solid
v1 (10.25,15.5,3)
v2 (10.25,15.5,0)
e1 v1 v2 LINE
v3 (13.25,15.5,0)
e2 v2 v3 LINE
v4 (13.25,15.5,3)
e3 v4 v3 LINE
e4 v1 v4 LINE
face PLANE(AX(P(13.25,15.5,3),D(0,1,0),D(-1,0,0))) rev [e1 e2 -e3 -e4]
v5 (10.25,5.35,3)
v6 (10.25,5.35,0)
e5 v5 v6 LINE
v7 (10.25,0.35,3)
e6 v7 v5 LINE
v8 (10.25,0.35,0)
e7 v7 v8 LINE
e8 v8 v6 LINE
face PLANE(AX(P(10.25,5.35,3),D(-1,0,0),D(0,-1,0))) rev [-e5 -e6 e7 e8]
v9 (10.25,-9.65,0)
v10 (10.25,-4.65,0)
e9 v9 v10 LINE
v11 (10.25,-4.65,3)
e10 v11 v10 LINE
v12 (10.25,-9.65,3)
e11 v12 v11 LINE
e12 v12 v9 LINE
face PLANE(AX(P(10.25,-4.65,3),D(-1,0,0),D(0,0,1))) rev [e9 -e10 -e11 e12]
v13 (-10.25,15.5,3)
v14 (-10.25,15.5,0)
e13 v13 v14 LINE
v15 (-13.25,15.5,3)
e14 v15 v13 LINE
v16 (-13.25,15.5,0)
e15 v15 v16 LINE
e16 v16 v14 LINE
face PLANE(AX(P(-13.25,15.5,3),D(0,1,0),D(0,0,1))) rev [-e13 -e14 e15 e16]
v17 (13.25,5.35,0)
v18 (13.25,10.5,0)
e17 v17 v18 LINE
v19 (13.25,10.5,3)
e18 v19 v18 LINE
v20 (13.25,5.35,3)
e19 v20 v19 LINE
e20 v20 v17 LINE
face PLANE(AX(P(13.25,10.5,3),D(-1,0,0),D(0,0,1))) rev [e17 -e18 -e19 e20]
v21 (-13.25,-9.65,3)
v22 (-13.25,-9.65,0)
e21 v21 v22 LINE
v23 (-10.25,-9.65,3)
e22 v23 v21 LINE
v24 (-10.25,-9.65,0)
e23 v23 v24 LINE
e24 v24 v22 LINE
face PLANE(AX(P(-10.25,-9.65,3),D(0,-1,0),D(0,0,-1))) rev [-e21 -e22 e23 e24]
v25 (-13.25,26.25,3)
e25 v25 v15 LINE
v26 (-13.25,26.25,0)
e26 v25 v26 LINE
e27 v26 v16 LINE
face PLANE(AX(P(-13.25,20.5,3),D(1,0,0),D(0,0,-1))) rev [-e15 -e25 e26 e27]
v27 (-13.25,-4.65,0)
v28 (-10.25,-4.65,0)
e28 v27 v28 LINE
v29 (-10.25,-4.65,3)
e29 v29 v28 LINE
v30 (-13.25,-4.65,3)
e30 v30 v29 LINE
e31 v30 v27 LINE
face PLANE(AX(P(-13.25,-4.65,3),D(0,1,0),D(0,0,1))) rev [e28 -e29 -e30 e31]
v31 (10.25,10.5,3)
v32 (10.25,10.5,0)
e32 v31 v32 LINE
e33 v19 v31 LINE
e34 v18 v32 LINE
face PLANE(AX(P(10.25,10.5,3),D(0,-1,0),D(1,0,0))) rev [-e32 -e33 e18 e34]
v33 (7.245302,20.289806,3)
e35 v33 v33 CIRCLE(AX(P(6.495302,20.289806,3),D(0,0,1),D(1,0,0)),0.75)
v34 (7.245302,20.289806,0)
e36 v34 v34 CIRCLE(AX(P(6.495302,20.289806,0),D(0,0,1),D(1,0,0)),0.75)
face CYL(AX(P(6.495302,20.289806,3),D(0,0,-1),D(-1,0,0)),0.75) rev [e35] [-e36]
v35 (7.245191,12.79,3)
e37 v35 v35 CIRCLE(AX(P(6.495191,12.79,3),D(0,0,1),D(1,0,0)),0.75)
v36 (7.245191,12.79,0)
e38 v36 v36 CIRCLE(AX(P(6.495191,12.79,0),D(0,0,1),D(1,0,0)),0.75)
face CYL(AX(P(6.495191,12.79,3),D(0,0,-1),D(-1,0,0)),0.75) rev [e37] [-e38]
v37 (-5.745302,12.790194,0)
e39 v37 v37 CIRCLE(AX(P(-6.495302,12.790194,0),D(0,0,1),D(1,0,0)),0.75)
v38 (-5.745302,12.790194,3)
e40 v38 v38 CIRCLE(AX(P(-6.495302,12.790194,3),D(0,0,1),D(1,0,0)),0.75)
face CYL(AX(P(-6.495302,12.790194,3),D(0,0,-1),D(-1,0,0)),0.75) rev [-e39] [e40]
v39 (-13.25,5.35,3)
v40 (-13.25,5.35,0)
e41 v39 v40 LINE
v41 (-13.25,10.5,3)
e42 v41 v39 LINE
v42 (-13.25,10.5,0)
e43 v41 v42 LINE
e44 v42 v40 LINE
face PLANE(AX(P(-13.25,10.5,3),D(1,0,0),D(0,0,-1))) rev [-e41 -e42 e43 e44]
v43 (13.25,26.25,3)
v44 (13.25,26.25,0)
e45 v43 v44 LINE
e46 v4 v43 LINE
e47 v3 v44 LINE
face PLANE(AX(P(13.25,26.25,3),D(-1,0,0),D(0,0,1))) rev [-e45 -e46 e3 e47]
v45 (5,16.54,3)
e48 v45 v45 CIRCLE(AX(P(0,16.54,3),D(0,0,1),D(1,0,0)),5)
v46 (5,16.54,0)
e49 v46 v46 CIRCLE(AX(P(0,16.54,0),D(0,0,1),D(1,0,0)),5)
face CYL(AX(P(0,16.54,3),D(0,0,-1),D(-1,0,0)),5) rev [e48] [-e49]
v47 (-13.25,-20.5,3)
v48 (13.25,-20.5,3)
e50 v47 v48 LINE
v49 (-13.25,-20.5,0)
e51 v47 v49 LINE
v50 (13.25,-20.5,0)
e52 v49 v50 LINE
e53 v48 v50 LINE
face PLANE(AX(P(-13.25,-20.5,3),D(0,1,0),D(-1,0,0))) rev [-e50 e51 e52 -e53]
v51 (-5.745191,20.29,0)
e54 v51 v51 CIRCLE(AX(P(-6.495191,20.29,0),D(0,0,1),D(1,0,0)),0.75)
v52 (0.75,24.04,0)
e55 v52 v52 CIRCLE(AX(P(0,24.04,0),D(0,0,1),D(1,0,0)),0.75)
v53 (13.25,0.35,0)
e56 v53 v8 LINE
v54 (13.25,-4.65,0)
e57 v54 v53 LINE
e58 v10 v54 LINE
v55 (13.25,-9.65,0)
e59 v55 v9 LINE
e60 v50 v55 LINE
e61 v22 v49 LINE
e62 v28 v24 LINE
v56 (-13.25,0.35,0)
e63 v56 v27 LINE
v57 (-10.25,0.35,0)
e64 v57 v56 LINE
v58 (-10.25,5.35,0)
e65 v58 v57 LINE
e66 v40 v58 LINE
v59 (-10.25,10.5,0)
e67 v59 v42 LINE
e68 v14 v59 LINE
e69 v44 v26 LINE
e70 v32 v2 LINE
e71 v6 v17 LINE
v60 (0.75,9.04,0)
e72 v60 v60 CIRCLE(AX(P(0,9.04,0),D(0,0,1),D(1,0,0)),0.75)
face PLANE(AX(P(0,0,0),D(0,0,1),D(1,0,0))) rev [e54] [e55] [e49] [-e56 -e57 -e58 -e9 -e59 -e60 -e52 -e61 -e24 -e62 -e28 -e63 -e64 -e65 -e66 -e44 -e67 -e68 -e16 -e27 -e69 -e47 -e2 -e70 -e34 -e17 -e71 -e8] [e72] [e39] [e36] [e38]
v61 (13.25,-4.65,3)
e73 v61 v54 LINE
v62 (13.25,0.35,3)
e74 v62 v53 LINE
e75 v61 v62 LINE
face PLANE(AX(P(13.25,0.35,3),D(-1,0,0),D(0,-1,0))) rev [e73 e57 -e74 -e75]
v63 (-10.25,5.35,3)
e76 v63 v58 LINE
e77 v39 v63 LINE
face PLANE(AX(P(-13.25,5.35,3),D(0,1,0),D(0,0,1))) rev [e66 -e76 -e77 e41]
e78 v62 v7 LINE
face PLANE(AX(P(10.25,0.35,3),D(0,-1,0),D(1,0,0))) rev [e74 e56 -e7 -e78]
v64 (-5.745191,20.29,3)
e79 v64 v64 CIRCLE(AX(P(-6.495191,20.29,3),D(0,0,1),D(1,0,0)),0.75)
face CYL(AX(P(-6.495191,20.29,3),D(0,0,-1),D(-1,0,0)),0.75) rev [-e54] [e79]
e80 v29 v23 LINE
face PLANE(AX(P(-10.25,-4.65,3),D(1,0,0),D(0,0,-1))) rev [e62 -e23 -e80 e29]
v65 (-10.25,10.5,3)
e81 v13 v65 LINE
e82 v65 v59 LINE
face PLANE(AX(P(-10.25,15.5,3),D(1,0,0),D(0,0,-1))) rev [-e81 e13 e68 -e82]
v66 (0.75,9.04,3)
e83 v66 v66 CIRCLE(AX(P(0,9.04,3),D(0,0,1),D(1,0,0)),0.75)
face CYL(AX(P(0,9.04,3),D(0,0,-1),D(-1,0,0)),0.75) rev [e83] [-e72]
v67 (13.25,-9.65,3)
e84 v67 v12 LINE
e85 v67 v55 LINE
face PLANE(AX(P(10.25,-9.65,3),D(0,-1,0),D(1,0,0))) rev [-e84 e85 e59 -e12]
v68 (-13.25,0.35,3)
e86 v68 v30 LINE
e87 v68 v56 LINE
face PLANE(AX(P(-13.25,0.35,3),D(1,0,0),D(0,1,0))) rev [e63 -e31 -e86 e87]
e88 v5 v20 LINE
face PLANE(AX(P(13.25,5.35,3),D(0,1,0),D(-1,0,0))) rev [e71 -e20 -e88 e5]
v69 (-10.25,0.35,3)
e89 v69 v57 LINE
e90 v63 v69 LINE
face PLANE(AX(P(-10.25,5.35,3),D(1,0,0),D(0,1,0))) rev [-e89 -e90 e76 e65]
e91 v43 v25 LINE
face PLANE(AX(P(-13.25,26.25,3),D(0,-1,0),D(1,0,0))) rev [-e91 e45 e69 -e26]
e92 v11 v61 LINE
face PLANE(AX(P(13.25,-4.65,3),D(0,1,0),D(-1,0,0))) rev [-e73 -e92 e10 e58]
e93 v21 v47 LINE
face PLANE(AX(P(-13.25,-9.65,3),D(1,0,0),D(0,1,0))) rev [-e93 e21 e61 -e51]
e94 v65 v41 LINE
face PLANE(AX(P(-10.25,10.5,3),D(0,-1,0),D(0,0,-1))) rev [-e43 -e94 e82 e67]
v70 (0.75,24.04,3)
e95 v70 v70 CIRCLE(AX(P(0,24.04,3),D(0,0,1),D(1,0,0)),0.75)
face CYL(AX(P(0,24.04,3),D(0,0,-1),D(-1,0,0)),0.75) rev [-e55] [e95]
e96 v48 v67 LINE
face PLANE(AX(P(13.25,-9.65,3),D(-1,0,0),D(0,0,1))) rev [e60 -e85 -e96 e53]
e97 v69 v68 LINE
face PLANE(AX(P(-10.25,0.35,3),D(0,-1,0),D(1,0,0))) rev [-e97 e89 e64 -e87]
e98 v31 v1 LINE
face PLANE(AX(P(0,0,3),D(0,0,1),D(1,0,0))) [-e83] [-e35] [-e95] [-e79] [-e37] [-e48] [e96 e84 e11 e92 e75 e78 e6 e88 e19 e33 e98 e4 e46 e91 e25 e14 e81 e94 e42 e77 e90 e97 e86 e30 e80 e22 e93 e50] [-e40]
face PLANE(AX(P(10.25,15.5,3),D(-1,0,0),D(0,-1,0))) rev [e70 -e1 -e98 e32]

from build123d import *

# Parameters (mm, degrees)
SKETCH1_R           = 5
SKETCH1_R_2         = 0.75
BOSS_EXTRUDE1_DEPTH = 3


with BuildPart() as part:
    # Sketch1 → Boss-Extrude1 (new body)
    with BuildSketch(Plane.XY):
        Polygon((-13.25, 15.5), (-10.25, 15.5), (-10.25, 10.5), (-13.25, 10.5), (-13.25, 5.35), (-10.25, 5.35), (-10.25, 0.35), (-13.25, 0.35), (-13.25, -4.65), (-10.25, -4.65), (-10.25, -9.65), (-13.25, -9.65), (-13.25, -20.5), (13.25, -20.5), (13.25, -9.65), (10.25, -9.65), (10.25, -4.65), (13.25, -4.65), (13.25, 0.35), (10.25, 0.35), (10.25, 5.35), (13.25, 5.35), (13.25, 10.5), (10.25, 10.5), (10.25, 15.5), (13.25, 15.5), (13.25, 20.5), (13.25, 26.25), (-13.25, 26.25), (-13.25, 20.5), align=None)
        with Locations((0, 16.54)):
            Circle(SKETCH1_R, mode=Mode.SUBTRACT)
        with Locations((0, 24.04)):
            Circle(SKETCH1_R_2, mode=Mode.SUBTRACT)
        with Locations((6.495302374, 20.289806272)):
            Circle(SKETCH1_R_2, mode=Mode.SUBTRACT)
        with Locations((6.495190528, 12.79)):
            Circle(SKETCH1_R_2, mode=Mode.SUBTRACT)
        with Locations((0, 9.04)):
            Circle(SKETCH1_R_2, mode=Mode.SUBTRACT)
        with Locations((-6.495302374, 12.790193728)):
            Circle(SKETCH1_R_2, mode=Mode.SUBTRACT)
        with Locations((-6.495190528, 20.29)):
            Circle(SKETCH1_R_2, mode=Mode.SUBTRACT)
    extrude(amount=BOSS_EXTRUDE1_DEPTH)


solid = part.part
